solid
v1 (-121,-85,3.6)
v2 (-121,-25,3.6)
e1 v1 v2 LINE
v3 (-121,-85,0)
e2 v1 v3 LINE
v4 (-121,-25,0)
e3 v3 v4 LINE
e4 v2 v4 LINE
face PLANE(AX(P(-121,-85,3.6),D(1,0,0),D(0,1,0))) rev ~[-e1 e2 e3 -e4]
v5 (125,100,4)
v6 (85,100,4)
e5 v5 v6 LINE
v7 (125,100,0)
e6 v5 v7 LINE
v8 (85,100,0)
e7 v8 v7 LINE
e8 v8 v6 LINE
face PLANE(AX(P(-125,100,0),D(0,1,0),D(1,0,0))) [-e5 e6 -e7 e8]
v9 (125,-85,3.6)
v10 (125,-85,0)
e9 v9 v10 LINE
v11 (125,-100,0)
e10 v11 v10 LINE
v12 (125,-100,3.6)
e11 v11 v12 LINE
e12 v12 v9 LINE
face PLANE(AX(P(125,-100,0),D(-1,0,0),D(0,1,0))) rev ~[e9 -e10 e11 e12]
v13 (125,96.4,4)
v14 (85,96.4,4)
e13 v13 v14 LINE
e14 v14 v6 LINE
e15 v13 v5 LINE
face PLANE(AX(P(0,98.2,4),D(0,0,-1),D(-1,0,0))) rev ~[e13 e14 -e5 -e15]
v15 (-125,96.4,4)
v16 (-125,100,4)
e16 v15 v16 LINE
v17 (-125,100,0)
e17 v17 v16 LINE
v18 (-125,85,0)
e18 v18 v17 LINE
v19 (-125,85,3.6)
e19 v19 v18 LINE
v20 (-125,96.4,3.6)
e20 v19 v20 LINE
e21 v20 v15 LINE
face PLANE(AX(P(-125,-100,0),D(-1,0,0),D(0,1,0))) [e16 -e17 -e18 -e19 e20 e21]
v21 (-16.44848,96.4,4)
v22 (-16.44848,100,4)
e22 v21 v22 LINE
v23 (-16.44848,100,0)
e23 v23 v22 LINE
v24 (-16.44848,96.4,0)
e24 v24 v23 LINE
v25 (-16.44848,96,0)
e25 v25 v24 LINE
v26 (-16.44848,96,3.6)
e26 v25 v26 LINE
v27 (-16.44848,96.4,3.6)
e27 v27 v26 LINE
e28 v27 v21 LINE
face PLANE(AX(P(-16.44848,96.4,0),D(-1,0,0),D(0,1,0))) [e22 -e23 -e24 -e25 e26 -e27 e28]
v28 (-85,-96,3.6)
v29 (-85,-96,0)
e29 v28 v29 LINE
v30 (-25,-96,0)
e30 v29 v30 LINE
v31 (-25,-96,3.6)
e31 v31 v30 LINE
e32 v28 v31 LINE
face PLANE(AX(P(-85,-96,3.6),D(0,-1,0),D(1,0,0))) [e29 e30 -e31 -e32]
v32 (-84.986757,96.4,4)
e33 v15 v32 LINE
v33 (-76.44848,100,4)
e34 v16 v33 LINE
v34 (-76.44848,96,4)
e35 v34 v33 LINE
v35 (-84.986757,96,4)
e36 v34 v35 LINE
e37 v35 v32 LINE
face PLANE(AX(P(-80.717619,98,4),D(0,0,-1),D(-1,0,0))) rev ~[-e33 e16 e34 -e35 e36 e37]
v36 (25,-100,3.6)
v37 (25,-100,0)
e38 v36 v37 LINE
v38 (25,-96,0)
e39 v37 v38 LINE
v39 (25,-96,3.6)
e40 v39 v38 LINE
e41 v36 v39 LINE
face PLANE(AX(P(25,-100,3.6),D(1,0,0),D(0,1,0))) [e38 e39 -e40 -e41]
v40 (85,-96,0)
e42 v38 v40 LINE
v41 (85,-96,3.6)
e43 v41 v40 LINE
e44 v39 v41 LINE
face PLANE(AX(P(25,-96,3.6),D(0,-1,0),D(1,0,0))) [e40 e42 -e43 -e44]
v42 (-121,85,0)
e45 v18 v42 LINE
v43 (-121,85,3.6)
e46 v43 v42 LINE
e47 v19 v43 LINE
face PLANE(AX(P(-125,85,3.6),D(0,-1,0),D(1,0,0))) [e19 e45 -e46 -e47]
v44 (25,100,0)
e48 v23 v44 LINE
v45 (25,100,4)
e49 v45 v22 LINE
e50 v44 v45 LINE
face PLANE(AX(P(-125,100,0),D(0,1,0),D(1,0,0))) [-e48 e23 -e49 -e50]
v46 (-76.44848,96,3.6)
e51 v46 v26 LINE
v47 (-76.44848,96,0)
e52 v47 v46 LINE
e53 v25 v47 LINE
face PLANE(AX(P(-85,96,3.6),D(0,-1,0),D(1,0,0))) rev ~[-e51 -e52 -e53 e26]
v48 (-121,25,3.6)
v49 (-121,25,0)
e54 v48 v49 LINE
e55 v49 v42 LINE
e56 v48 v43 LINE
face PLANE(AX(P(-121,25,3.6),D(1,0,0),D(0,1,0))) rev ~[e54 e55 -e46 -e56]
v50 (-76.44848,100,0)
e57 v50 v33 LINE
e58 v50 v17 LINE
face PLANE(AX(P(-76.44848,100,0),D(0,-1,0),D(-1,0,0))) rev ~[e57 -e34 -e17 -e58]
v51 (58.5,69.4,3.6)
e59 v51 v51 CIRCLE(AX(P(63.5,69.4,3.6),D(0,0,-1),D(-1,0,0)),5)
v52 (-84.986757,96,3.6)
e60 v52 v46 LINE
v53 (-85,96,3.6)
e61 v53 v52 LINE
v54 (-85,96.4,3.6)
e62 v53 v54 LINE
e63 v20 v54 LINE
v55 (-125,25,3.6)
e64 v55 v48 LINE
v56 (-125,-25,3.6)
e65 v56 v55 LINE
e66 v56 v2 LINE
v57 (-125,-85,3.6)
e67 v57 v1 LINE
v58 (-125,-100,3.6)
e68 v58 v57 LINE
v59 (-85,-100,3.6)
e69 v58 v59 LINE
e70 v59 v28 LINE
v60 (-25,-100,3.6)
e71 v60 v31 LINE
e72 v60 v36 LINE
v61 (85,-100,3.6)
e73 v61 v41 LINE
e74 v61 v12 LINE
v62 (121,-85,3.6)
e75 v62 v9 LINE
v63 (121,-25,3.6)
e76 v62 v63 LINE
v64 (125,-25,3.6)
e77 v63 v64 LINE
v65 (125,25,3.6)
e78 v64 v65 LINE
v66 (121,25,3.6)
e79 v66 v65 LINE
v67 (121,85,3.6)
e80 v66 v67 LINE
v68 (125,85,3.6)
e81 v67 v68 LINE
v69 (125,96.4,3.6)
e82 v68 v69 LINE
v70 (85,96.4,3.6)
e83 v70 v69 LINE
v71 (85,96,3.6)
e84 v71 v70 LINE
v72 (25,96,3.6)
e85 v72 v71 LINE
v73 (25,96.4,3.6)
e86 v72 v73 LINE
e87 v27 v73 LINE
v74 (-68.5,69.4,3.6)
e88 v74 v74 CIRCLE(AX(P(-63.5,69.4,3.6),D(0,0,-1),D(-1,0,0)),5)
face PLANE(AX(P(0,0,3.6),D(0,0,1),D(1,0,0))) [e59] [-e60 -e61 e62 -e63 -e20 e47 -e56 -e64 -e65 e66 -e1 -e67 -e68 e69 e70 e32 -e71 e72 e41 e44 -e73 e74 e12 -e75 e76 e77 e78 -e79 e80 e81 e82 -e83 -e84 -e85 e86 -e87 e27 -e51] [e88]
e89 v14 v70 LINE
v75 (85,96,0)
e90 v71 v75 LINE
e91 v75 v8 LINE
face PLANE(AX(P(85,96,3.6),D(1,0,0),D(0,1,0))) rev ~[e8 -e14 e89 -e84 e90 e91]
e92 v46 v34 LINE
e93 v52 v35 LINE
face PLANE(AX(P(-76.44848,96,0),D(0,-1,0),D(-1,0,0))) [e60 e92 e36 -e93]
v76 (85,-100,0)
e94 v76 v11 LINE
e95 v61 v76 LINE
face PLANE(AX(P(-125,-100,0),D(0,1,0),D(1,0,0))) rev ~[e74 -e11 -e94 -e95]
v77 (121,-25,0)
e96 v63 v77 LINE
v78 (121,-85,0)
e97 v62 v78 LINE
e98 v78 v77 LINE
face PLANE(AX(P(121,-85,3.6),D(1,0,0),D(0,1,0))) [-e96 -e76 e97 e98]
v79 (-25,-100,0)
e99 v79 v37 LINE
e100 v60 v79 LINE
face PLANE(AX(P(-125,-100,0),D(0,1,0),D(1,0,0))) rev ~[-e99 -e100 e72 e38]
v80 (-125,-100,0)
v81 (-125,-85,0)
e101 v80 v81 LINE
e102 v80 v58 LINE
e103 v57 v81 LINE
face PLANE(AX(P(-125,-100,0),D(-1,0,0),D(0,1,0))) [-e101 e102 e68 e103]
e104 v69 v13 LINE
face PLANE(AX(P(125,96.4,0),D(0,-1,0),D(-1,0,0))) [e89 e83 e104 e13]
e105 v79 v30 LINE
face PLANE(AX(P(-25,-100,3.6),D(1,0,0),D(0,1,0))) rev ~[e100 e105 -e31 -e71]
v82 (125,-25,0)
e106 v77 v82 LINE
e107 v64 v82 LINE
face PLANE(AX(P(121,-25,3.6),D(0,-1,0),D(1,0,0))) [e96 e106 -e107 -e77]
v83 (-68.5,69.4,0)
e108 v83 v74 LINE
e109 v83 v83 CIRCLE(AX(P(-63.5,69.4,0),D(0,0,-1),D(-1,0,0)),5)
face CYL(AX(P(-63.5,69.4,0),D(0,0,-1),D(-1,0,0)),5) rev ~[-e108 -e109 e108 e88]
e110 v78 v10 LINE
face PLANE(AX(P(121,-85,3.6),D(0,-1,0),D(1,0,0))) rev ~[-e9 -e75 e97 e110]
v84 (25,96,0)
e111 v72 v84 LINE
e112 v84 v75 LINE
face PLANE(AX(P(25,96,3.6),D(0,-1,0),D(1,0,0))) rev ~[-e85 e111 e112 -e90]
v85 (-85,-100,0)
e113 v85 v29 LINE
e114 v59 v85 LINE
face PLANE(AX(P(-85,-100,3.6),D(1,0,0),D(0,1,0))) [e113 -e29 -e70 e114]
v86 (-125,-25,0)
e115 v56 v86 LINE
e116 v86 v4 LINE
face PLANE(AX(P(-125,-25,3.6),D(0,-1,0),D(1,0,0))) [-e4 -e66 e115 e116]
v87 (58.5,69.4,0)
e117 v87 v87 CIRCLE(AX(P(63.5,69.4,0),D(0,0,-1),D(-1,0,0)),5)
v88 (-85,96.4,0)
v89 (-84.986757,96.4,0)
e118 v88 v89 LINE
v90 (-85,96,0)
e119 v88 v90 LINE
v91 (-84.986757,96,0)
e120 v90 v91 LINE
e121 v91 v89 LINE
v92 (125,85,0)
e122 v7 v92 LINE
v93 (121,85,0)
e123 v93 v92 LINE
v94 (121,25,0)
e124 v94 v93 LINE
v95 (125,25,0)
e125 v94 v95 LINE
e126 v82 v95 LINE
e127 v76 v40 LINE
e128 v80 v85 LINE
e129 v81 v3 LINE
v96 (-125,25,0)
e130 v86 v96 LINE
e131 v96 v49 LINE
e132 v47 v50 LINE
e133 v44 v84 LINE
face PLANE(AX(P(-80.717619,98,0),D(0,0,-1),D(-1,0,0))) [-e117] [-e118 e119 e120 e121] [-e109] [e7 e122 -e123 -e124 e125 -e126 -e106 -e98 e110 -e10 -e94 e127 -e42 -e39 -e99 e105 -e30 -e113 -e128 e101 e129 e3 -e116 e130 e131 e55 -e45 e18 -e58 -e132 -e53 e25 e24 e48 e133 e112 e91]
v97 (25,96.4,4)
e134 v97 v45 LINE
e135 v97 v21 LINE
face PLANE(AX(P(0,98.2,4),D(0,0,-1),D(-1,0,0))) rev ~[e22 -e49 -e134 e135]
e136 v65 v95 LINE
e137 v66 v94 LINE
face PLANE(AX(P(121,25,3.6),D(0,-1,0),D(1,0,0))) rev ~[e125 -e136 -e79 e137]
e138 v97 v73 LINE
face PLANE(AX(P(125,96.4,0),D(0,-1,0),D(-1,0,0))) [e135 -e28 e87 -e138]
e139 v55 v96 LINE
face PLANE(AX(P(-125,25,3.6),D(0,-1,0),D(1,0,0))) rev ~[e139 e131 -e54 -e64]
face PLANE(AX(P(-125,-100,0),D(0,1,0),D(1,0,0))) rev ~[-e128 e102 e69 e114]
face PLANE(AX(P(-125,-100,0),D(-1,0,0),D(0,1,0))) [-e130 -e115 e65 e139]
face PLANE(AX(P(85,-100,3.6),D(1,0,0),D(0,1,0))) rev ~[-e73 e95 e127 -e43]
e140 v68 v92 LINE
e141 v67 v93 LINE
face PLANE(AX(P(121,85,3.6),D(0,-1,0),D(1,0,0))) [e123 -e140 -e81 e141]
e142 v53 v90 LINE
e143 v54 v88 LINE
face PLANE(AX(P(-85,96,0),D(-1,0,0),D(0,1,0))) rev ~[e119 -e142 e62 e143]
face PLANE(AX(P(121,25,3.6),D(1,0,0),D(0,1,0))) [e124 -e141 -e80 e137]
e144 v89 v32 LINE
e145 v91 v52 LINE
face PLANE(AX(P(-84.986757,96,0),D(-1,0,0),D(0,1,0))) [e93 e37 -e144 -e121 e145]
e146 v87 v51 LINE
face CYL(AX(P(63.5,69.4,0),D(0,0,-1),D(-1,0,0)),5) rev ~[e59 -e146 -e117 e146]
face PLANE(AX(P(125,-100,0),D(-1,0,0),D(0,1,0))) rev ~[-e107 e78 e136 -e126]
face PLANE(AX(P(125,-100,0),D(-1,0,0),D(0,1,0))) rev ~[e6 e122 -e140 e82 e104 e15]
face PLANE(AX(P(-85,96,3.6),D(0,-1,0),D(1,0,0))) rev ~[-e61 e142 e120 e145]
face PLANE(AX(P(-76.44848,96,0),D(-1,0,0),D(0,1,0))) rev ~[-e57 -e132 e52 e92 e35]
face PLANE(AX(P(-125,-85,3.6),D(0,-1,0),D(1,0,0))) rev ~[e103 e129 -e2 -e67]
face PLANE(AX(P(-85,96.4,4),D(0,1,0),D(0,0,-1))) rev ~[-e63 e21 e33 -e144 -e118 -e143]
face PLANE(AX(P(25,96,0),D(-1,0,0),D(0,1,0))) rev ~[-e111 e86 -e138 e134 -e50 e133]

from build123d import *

# Parameters (mm, degrees)
SKETCH_1_W          = 250
SKETCH_1_H          = 200
EXTRUDE_1_DEPTH     = 3.6
SKETCH_2_W          = 4
SKETCH_2_H          = 60
CUT_EXTRUDE_1_DEPTH = 10
SKETCH_3_W          = 60
SKETCH_3_H          = 4
CUT_EXTRUDE_2_DEPTH = 10
SKETCH_4_R          = 5
CUT_EXTRUDE_3_DEPTH = 10
SKETCH_5_W          = 250
SKETCH_5_H          = 3.6
EXTRUDE_2_DEPTH     = 4
SKETCH_6_W          = 60
SKETCH_6_H          = 4
CUT_EXTRUDE_4_DEPTH = 161.128073741
SKETCH_7_W          = 4
SKETCH_7_H          = 3.6
EXTRUDE_3_DEPTH     = 8.5
SKETCH_8_W          = 68.538276959
SKETCH_8_H          = 3.6
CUT_EXTRUDE_5_DEPTH = 8.5
SKETCH_9_W          = 8.538276959
SKETCH_9_H          = 4
EXTRUDE_4_DEPTH     = 4
SKETCH_10_W         = 60
SKETCH_10_H         = 4
CUT_EXTRUDE_6_DEPTH = 8.5


with BuildPart() as part:
    # 草图1 → 凸台-拉伸1 (new body)
    with BuildSketch(Plane.XY):
        Rectangle(SKETCH_1_W, SKETCH_1_H)
    extrude(amount=EXTRUDE_1_DEPTH)

    # 草图2 → 切除-拉伸1 (cut)
    with BuildSketch(Plane.XY.offset(3.6)):
        with Locations((-123, 55)):
            Rectangle(SKETCH_2_W, SKETCH_2_H)
        with Locations((123, 55)):
            Rectangle(SKETCH_2_W, SKETCH_2_H)
        with Locations((-123, -55)):
            Rectangle(SKETCH_2_W, SKETCH_2_H)
        with Locations((123, -55)):
            Rectangle(SKETCH_2_W, SKETCH_2_H)
    extrude(amount=-CUT_EXTRUDE_1_DEPTH, mode=Mode.SUBTRACT)

    # 草图3 → 切除-拉伸2 (cut)
    with BuildSketch(Plane.XY.offset(3.6)):
        with Locations((-55, -98)):
            Rectangle(SKETCH_3_W, SKETCH_3_H)
        with Locations((55, -98)):
            Rectangle(SKETCH_3_W, SKETCH_3_H)
        with Locations((55, 98)):
            Rectangle(SKETCH_3_W, SKETCH_3_H)
        with Locations((-55, 98)):
            Rectangle(SKETCH_3_W, SKETCH_3_H)
    extrude(amount=-CUT_EXTRUDE_2_DEPTH, mode=Mode.SUBTRACT)

    # 草图4 → 切除-拉伸3 (cut)
    with BuildSketch(Plane(origin=(0, 0, 0), x_dir=(-1, 0, 0), z_dir=(0, 0, -1))):
        with Locations((-63.5, 69.4)):
            Circle(SKETCH_4_R)
        with Locations((63.5, 69.4)):
            Circle(SKETCH_4_R)
    extrude(amount=-CUT_EXTRUDE_3_DEPTH, mode=Mode.SUBTRACT)

    # 草图5 → 凸台-拉伸2 (add)
    with BuildSketch(Plane(origin=(0, 0, 0), x_dir=(-1, 0, 0), z_dir=(0, 0, -1))):
        with Locations((0, 98.2)):
            Rectangle(SKETCH_5_W, SKETCH_5_H)
    extrude(amount=-EXTRUDE_2_DEPTH)

    # 草图6 → 切除-拉伸4 (cut, through all)
    with BuildSketch(Plane(origin=(0, 0, 0), x_dir=(-1, 0, 0), z_dir=(0, 0, -1))):
        with Locations((-55, 98)):
            Rectangle(SKETCH_6_W, SKETCH_6_H)
        with Locations((55, 98)):
            Rectangle(SKETCH_6_W, SKETCH_6_H)
    extrude(amount=-CUT_EXTRUDE_4_DEPTH, mode=Mode.SUBTRACT)

    # 草图7 → 凸台-拉伸3 (add)
    with BuildSketch(Plane(origin=(-85, 0, 0), x_dir=(0, 0, -1), z_dir=(1, 0, 0))):
        with Locations((-2, 98.2)):
            Rectangle(SKETCH_7_W, SKETCH_7_H)
    extrude(amount=EXTRUDE_3_DEPTH)

    # 草图8 → 切除-拉伸5 (cut)
    with BuildSketch(Plane(origin=(0, 0, 0), x_dir=(-1, 0, 0), z_dir=(0, 0, -1))):
        with Locations((50.717618655, 98.2)):
            Rectangle(SKETCH_8_W, SKETCH_8_H)
    extrude(amount=-CUT_EXTRUDE_5_DEPTH, mode=Mode.SUBTRACT)

    # 草图9 → 凸台-拉伸4 (add)
    with BuildSketch(Plane(origin=(0, 0, 0), x_dir=(-1, 0, 0), z_dir=(0, 0, -1))):
        with Locations((80.717618655, 98)):
            Rectangle(SKETCH_9_W, SKETCH_9_H)
    extrude(amount=-EXTRUDE_4_DEPTH)

    # 草图10 → 切除-拉伸6 (cut)
    with BuildSketch(Plane(origin=(0, 0, 0), x_dir=(-1, 0, 0), z_dir=(0, 0, -1))):
        with Locations((46.448480175, 98)):
            Rectangle(SKETCH_10_W, SKETCH_10_H)
    extrude(amount=-CUT_EXTRUDE_6_DEPTH, mode=Mode.SUBTRACT)


solid = part.part
